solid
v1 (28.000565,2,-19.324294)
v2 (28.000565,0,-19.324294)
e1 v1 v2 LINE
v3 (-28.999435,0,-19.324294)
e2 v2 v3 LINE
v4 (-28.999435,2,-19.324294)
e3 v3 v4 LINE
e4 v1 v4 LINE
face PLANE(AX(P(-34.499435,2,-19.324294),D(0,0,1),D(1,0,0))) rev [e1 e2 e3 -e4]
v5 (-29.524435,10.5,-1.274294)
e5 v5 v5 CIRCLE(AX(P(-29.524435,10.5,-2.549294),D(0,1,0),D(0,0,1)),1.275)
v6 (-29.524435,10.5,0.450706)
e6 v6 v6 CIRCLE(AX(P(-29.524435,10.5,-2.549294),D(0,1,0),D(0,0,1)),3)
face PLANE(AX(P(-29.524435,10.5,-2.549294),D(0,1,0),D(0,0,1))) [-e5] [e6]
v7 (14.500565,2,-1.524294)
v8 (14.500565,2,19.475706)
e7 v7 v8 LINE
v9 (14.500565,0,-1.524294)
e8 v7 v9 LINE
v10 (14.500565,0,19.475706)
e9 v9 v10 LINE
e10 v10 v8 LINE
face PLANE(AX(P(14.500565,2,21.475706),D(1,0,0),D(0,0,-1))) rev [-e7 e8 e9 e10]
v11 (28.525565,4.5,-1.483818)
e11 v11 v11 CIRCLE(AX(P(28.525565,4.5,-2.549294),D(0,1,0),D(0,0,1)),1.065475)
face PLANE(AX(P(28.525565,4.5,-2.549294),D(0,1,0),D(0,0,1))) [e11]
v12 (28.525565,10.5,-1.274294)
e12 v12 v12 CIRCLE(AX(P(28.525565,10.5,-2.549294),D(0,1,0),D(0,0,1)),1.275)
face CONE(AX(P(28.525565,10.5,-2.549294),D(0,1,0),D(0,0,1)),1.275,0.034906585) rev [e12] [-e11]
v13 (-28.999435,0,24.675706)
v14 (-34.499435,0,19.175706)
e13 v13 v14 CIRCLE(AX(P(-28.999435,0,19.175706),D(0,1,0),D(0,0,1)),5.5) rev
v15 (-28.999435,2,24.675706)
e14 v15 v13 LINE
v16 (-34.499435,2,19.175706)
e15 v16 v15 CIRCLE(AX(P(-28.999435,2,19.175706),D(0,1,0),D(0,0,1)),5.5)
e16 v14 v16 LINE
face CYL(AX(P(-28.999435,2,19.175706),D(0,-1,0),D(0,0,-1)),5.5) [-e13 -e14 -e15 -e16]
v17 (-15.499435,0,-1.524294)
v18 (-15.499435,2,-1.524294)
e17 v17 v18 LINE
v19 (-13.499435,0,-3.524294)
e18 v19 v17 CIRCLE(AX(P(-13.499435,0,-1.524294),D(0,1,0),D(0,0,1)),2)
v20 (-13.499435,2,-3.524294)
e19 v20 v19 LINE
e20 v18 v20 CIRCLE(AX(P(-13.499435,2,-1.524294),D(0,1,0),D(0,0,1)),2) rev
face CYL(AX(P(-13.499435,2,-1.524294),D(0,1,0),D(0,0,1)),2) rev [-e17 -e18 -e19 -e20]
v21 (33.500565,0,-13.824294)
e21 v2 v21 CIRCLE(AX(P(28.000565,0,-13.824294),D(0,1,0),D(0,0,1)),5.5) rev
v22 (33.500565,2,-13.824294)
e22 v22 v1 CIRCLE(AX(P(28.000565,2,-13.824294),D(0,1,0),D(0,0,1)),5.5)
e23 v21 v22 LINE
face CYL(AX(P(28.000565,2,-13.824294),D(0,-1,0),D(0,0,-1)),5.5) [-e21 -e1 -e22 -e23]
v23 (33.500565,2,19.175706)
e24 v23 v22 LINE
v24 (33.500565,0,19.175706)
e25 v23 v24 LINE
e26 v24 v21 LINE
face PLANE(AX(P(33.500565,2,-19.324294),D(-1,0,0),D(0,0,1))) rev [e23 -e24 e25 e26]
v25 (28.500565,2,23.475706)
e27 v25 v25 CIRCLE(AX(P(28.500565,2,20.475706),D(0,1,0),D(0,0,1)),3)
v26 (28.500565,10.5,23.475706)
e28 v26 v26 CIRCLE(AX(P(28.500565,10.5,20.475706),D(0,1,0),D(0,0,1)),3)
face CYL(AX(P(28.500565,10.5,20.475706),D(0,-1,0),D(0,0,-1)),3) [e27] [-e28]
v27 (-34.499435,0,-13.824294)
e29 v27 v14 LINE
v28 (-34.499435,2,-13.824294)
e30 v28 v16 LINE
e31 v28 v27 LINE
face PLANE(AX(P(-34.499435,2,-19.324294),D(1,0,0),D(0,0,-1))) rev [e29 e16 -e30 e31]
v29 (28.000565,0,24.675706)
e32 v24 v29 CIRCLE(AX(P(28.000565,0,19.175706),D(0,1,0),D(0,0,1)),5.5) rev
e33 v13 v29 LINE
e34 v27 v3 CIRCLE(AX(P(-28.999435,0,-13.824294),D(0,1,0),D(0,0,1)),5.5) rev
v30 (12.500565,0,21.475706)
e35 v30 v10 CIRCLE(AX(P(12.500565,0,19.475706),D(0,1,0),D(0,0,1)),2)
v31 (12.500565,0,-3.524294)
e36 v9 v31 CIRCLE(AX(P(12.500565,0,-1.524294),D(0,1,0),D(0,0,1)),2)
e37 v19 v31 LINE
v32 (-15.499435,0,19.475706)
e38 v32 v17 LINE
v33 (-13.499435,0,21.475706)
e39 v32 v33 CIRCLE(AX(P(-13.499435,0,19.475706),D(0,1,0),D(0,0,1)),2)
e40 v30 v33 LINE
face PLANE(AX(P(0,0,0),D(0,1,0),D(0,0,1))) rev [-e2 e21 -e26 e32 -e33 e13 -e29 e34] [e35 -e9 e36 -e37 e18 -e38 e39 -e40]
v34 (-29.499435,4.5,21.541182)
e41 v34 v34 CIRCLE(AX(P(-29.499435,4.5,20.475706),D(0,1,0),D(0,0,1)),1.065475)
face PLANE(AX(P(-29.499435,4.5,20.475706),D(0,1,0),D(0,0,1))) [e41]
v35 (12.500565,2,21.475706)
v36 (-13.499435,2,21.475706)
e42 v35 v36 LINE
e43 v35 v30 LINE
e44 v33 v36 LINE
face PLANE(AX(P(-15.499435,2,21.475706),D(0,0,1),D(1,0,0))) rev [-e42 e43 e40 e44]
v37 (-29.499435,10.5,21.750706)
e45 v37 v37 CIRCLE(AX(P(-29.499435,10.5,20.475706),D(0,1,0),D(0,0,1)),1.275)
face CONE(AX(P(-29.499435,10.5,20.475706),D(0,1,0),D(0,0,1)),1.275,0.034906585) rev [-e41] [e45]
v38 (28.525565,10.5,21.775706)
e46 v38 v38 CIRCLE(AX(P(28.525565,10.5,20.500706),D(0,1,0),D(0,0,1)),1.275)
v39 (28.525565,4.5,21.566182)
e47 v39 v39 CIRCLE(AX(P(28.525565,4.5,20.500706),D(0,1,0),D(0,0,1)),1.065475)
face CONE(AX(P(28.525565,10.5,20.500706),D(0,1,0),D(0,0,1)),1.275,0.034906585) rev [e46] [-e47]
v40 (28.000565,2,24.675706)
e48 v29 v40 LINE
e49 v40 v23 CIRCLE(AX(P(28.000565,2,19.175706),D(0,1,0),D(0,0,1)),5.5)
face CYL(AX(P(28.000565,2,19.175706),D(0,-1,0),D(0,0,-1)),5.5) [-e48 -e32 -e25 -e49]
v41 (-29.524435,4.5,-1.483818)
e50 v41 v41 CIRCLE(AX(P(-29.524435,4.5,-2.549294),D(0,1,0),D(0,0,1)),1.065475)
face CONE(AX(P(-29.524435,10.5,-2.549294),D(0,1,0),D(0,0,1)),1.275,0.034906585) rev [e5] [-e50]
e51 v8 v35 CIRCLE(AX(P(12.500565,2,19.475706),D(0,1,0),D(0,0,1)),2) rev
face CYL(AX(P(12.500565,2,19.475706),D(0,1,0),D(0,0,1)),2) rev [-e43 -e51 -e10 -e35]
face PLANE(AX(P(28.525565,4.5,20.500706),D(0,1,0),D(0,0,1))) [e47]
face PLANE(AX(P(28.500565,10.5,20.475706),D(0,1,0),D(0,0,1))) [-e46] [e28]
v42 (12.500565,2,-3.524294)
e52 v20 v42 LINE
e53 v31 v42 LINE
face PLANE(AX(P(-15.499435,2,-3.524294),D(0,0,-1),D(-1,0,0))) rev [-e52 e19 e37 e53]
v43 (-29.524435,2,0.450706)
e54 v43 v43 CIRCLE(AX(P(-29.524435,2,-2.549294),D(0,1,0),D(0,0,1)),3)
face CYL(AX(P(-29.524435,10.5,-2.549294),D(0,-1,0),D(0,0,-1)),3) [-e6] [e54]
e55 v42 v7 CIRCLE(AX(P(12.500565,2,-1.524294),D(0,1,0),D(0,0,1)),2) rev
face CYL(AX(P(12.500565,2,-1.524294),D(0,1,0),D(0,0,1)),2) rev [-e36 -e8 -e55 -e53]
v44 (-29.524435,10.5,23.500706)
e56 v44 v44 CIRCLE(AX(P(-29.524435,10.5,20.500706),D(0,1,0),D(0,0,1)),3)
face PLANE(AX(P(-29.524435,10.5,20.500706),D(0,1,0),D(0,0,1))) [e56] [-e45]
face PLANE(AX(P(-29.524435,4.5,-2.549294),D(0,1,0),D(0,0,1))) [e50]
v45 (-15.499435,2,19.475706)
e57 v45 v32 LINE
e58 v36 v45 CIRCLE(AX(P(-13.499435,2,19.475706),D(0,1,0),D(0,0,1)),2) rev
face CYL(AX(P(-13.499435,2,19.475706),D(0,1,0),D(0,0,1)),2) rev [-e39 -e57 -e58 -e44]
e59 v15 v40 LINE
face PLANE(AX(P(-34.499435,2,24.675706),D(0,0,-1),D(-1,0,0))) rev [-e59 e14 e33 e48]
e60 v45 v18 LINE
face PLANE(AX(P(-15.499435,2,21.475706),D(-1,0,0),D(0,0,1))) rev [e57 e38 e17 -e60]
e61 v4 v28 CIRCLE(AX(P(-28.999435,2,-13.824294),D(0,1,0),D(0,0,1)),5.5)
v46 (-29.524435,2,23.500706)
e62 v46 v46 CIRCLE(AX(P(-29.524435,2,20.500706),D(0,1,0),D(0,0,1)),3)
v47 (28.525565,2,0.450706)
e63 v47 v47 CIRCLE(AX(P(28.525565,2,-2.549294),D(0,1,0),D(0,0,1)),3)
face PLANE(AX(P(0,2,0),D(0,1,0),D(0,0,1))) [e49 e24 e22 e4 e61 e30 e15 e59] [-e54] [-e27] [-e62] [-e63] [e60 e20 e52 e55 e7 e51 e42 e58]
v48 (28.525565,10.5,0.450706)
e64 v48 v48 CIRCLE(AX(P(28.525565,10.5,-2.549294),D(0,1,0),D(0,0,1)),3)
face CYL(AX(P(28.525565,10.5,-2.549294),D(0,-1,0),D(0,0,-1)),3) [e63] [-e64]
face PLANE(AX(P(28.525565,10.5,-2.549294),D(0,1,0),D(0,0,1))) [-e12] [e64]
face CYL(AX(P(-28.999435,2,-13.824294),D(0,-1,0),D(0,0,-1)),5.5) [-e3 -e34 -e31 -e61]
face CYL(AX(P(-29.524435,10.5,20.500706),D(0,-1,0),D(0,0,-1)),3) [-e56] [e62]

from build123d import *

# Parameters (mm, degrees)
SKETCH_1_W          = 68
SKETCH_1_H          = 44
EXTRUDE_1_DEPTH     = 2
FILLET_1_R          = 5.5
SKETCH_2_W          = 30
SKETCH_2_H          = 25
CUT_EXTRUDE_1_DEPTH = 3
FILLET_2_R          = 2
SKETCH_3_R          = 3
EXTRUDE_2_DEPTH     = 8.5
SKETCH_4_R          = 1.275
CUT_EXTRUDE_2_DEPTH = 6
CUT_EXTRUDE_2_TAPER = 2


with BuildPart() as part:
    # 草图1 → 凸台-拉伸1 (new body)
    with BuildSketch(Plane(origin=(0, 0, 0), x_dir=(1, 0, 0), z_dir=(0, 1, 0))):
        with Locations((-0.499435028, -2.675706215)):
            Rectangle(SKETCH_1_W, SKETCH_1_H)
    extrude(amount=EXTRUDE_1_DEPTH)

    # 圆角1
    fillet_1_edges = [part.edges().sort_by_distance(p)[0] for p in [
        (-34.499435028, 1, -19.324293785),
        (33.500564972, 1, -19.324293785),
        (33.500564972, 1, 24.675706215),
        (-34.499435028, 1, 24.675706215),
    ]]
    fillet(fillet_1_edges, radius=FILLET_1_R)

    # 草图2 → 切除-拉伸1 (cut, through all)
    with BuildSketch(Plane.XZ):
        with Locations((-0.499435028, 8.975706215)):
            Rectangle(SKETCH_2_W, SKETCH_2_H)
    extrude(amount=-CUT_EXTRUDE_1_DEPTH, mode=Mode.SUBTRACT)

    # 圆角2
    fillet_2_edges = [part.edges().sort_by_distance(p)[0] for p in [
        (14.500564972, 1, 21.475706215),
        (14.500564972, 1, -3.524293785),
        (-15.499435028, 1, -3.524293785),
        (-15.499435028, 1, 21.475706215),
    ]]
    fillet(fillet_2_edges, radius=FILLET_2_R)

    # 草图3 → 凸台-拉伸2 (add)
    with BuildSketch(Plane(origin=(0, 2, 0), x_dir=(1, 0, 0), z_dir=(0, 1, 0))):
        with Locations((-29.524435028, 2.549293785)):
            Circle(SKETCH_3_R)
        with Locations((-29.524435028, -20.500706215)):
            Circle(SKETCH_3_R)
        with Locations((28.500564972, -20.475706215)):
            Circle(SKETCH_3_R)
        with Locations((28.525564972, 2.549293785)):
            Circle(SKETCH_3_R)
    extrude(amount=EXTRUDE_2_DEPTH)

    # 草图4 → 切除-拉伸2 (cut)
    with BuildSketch(Plane(origin=(0, 10.5, 0), x_dir=(1, 0, 0), z_dir=(0, 1, 0))):
        with Locations((-29.524435028, 2.549293785)):
            Circle(SKETCH_4_R)
        with Locations((-29.499435028, -20.475706215)):
            Circle(SKETCH_4_R)
        with Locations((28.525564972, -20.500706215)):
            Circle(SKETCH_4_R)
        with Locations((28.525564972, 2.549293785)):
            Circle(SKETCH_4_R)
    extrude(amount=-CUT_EXTRUDE_2_DEPTH, taper=CUT_EXTRUDE_2_TAPER, mode=Mode.SUBTRACT)


solid = part.part
